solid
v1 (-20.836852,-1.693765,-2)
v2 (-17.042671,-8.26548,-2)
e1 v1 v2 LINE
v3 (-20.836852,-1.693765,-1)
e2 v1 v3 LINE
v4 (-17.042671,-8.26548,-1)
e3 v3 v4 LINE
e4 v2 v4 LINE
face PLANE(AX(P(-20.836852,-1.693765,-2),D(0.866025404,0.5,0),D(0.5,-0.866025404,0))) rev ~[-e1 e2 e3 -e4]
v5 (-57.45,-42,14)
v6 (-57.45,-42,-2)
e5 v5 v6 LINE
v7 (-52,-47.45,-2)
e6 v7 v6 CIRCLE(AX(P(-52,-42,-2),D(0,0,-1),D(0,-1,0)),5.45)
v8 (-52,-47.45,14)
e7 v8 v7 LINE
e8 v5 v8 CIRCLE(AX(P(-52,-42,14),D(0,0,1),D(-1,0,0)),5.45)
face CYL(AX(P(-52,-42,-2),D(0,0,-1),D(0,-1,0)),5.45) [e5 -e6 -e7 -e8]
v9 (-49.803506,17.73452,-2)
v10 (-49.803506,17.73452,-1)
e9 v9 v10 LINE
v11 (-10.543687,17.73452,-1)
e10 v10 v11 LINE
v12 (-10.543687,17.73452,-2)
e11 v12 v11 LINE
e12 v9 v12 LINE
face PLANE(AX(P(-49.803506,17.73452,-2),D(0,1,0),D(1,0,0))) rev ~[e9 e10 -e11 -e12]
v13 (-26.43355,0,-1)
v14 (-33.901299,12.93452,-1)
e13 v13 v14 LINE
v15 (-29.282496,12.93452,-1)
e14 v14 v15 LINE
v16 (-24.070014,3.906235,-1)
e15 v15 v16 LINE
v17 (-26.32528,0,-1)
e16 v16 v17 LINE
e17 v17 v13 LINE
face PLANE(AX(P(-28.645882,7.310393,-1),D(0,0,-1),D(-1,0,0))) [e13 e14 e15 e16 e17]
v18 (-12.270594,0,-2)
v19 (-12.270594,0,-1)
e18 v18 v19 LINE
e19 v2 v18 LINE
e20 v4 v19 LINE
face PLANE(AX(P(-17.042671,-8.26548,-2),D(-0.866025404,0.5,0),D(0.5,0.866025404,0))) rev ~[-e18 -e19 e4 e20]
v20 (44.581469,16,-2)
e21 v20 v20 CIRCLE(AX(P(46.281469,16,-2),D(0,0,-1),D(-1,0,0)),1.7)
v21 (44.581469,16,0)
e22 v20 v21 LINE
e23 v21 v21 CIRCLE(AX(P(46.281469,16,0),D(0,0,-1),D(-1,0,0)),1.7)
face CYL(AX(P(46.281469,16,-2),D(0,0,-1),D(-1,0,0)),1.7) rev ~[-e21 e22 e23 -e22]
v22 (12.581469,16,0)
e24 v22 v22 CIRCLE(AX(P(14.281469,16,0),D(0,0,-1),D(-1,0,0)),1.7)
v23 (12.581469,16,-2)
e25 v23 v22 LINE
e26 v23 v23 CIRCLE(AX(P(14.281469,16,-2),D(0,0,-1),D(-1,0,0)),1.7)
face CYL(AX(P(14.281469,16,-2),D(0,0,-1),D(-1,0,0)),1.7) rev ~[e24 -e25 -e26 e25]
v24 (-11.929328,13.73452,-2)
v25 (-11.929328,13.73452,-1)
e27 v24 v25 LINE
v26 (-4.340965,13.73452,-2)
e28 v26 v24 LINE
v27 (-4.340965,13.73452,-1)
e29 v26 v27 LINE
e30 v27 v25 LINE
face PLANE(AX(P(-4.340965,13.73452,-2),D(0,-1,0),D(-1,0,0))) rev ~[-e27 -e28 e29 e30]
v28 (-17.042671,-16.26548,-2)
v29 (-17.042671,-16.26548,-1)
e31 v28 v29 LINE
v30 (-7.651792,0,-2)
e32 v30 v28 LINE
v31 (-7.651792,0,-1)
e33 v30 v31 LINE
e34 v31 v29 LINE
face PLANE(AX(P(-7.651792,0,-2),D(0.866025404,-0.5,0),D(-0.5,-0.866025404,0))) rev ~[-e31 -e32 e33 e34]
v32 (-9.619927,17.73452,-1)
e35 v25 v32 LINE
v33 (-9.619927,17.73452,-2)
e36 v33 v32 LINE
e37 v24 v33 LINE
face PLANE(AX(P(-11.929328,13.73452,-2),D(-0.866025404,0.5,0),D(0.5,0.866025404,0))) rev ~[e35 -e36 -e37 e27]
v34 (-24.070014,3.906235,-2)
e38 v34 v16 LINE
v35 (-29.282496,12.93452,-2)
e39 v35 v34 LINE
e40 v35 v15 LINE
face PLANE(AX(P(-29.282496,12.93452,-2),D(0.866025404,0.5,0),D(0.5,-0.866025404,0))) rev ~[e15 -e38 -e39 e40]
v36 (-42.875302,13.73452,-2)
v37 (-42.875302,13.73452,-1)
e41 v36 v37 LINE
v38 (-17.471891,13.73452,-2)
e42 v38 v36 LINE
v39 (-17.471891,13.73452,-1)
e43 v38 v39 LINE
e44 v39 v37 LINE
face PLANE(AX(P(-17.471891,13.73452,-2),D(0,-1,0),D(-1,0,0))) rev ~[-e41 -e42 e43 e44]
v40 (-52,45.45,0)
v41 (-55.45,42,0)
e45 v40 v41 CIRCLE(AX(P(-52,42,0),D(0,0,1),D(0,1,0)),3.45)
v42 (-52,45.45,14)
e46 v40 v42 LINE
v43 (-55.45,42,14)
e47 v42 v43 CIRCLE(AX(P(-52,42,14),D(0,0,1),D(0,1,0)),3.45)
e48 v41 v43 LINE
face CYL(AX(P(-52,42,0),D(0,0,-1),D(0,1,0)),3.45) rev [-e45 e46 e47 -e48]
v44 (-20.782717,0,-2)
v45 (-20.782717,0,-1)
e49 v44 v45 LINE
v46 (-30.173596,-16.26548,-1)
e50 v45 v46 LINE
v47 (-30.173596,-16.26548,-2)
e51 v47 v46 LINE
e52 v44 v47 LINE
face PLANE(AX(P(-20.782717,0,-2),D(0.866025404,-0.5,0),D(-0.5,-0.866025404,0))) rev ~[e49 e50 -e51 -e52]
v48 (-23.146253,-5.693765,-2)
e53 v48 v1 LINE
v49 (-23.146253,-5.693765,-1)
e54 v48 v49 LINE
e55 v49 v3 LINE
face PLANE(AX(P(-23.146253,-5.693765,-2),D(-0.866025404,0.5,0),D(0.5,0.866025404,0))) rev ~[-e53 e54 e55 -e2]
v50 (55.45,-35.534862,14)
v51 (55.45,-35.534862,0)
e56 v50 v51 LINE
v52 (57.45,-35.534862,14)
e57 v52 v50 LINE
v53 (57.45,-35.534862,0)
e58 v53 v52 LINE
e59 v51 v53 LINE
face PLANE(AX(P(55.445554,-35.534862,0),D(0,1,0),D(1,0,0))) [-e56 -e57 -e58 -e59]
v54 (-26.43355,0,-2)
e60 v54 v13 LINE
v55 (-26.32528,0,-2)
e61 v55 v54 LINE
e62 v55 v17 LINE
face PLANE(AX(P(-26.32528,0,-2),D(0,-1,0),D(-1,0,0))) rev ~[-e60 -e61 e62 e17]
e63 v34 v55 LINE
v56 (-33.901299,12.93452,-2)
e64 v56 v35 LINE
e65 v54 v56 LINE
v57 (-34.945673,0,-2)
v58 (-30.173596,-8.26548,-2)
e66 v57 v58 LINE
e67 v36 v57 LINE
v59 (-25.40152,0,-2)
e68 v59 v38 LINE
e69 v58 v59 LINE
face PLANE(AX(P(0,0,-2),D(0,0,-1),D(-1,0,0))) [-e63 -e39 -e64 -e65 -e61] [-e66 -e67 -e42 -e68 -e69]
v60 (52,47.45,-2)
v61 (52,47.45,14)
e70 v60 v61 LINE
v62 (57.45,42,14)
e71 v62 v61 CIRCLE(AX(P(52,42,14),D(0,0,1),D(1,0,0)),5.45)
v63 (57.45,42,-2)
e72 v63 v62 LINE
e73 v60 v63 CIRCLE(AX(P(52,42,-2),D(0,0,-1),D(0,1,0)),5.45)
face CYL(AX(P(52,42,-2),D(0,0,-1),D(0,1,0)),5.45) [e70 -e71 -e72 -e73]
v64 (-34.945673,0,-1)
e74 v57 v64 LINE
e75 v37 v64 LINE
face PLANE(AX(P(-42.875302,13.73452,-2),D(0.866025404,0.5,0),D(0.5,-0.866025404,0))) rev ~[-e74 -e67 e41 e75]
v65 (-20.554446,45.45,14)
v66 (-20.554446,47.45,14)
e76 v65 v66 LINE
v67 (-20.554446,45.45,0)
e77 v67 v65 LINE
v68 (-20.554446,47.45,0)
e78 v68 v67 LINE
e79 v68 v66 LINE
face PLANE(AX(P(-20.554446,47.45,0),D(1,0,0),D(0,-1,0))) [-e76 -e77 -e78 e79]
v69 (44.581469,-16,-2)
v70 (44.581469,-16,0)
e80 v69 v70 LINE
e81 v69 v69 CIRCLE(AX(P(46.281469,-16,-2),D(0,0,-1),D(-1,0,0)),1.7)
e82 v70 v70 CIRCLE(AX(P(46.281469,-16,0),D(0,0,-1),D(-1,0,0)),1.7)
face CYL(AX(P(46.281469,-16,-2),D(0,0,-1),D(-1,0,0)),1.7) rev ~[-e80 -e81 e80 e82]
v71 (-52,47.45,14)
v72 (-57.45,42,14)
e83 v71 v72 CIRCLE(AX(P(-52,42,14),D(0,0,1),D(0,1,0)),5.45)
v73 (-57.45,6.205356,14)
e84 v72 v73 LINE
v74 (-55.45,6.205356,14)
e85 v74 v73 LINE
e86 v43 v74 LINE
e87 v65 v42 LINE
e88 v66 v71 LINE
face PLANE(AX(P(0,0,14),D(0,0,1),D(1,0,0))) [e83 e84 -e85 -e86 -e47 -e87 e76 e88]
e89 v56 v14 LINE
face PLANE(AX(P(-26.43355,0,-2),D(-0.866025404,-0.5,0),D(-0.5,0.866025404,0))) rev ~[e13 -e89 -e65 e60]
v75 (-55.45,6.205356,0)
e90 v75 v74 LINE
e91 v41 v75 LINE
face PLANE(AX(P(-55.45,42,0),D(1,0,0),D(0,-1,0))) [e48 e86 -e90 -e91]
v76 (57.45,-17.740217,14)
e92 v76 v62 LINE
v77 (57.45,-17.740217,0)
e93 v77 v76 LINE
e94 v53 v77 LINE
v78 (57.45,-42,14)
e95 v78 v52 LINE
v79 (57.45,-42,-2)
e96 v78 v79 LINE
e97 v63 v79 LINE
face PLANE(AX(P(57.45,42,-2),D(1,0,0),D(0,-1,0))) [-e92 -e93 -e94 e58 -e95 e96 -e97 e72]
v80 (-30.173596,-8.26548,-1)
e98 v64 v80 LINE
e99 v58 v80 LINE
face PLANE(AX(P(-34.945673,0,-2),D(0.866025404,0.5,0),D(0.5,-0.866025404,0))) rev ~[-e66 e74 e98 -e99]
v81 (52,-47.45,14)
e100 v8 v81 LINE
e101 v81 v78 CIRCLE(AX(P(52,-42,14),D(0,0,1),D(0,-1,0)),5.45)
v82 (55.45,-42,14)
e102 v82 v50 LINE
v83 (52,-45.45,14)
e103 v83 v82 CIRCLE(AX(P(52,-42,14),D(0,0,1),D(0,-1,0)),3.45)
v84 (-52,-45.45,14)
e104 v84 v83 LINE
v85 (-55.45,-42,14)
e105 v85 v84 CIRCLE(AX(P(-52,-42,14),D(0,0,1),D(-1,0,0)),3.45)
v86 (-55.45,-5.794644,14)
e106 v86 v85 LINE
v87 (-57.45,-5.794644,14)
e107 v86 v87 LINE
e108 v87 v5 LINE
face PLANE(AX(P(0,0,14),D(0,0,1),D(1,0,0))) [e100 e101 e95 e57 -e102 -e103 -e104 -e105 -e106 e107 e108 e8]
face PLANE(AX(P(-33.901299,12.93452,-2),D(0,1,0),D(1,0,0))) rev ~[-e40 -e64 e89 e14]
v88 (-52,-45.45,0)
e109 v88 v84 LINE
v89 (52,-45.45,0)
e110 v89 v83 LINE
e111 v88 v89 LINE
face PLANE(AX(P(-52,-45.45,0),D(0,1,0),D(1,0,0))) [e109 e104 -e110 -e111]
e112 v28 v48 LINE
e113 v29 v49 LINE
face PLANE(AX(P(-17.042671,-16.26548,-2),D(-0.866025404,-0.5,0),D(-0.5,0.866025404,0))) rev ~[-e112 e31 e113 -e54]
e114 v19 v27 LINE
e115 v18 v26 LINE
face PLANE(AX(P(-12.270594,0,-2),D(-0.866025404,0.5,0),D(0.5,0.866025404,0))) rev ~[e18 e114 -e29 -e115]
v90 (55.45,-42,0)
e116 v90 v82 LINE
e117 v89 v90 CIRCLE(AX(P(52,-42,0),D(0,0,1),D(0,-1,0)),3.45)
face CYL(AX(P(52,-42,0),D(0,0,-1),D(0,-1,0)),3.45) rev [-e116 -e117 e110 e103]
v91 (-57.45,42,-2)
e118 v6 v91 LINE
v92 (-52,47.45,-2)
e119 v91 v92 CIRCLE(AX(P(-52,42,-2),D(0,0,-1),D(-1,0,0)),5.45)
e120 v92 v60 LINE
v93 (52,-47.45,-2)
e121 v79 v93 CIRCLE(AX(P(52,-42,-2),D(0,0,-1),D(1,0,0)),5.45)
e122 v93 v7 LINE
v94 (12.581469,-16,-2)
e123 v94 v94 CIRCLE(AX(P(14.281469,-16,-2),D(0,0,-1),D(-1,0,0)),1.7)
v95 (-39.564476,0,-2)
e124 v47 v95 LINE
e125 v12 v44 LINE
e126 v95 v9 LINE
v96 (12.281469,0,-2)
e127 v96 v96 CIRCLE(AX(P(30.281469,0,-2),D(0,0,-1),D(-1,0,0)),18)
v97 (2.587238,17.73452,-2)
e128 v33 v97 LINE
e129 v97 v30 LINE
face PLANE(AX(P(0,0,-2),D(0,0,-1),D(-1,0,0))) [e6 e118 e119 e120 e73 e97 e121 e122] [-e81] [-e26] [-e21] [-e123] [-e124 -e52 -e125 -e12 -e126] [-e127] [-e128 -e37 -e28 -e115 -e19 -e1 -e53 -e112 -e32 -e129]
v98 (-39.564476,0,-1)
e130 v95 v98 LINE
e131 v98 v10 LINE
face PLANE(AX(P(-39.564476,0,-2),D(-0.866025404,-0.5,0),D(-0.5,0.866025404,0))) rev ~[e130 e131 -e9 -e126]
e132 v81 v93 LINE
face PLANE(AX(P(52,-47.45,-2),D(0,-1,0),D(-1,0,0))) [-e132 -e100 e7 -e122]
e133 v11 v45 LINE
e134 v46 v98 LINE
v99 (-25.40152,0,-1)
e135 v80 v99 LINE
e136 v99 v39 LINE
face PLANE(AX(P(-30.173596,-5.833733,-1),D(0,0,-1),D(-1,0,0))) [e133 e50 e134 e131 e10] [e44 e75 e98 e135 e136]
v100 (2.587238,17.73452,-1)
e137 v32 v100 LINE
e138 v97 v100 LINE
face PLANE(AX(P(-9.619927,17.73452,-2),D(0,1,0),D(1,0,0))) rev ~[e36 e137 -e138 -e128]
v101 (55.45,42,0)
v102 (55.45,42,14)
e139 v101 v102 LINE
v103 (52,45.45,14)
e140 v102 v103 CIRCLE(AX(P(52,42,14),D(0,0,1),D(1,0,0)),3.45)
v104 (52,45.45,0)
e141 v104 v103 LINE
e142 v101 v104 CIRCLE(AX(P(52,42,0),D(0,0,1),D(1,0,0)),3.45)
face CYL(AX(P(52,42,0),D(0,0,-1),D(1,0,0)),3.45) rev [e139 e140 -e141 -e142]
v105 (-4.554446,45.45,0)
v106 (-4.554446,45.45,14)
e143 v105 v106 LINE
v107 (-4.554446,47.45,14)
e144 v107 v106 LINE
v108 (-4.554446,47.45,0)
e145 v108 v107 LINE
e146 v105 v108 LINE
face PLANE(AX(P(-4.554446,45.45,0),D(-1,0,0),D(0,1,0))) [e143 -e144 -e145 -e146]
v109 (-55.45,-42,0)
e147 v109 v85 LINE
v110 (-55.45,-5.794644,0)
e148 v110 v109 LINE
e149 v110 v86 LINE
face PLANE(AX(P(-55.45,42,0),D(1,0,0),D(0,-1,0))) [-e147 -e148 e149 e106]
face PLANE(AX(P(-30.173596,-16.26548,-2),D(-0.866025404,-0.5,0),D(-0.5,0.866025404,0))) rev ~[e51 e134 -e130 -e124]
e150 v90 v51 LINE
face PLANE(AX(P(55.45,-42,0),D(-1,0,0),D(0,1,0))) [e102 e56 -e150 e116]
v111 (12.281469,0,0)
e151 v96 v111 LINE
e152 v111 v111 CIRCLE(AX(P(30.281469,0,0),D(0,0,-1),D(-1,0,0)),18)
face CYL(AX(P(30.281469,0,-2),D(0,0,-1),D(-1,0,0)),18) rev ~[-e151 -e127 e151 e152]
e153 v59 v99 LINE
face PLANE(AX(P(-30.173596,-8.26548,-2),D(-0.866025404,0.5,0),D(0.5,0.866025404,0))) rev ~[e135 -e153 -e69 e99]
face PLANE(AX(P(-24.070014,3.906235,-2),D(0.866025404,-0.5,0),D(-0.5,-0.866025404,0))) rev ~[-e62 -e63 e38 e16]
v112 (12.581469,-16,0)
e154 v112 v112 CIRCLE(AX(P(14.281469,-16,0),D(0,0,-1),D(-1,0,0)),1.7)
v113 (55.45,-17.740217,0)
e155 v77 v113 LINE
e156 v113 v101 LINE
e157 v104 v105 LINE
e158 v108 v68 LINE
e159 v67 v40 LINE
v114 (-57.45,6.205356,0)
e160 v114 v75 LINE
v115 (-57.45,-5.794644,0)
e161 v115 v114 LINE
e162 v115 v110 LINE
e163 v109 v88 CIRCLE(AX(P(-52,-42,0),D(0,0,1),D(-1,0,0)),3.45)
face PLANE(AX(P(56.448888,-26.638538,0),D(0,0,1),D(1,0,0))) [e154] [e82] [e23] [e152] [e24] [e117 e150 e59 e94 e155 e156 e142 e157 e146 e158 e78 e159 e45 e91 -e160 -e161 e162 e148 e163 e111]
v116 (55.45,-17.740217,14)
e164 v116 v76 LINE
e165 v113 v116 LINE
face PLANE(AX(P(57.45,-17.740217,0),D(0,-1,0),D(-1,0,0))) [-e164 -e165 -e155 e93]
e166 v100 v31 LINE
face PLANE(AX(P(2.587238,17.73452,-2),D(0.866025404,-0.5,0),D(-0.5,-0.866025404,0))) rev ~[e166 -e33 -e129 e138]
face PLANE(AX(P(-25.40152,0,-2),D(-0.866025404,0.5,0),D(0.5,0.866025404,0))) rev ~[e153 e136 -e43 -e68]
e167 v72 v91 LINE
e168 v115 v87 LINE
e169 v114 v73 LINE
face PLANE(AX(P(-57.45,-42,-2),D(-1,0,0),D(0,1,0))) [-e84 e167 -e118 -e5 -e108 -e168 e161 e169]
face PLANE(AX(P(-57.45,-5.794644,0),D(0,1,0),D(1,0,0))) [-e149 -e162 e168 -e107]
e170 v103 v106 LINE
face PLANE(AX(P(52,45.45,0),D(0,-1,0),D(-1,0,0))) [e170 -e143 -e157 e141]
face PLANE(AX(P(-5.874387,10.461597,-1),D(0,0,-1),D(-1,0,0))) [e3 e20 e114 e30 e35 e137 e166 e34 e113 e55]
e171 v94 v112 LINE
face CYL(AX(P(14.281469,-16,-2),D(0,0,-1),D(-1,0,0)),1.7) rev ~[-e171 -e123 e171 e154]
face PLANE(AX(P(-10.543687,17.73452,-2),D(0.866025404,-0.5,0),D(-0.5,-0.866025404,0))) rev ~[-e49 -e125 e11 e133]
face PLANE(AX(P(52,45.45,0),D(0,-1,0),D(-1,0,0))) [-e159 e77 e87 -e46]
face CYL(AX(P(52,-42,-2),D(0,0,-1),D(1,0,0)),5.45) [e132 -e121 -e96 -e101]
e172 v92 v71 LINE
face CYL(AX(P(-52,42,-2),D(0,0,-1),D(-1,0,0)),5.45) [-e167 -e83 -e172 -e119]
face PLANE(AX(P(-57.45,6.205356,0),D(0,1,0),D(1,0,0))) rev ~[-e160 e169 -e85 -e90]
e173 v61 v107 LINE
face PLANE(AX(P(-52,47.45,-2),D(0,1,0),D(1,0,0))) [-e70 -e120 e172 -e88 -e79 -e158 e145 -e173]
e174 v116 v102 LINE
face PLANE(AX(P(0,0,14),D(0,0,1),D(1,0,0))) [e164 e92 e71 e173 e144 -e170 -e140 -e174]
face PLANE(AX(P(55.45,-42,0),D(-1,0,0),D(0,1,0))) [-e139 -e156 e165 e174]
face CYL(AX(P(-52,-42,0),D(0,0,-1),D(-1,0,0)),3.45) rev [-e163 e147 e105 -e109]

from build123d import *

# Parameters (mm, degrees)
BOSS_EXTRUDE1_DEPTH = 14
BOSS_EXTRUDE2_START = 2
BOSS_EXTRUDE2_DEPTH = 2
SKETCH4_W           = 2
SKETCH4_H           = 12
CUT_EXTRUDE1_DEPTH  = 94
SKETCH5_R           = 1.7
SKETCH5_R_2         = 18
CUT_EXTRUDE2_DEPTH  = 10
CUT_EXTRUDE3_DEPTH  = 1


with BuildPart() as part:
    # Sketch1 → Boss-Extrude1 (new body)
    with BuildSketch(Plane.XY):
        with BuildLine():
            Line((52, 47.45), (-52, 47.45))
            ThreePointArc((-52, 47.45), (-55.853731957, 45.853731957), (-57.45, 42))
            Line((-57.45, 42), (-57.45, -42))
            ThreePointArc((-57.45, -42), (-55.853731957, -45.853731957), (-52, -47.45))
            Line((-52, -47.45), (52, -47.45))
            ThreePointArc((52, -47.45), (55.853731957, -45.853731957), (57.45, -42))
            Line((57.45, -42), (57.45, 42))
            ThreePointArc((57.45, 42), (55.853731957, 45.853731957), (52, 47.45))
        make_face()
        with BuildLine():
            Line((52, 45.45), (-52, 45.45))
            ThreePointArc((-52, 45.45), (-54.439518395, 44.439518395), (-55.45, 42))
            Line((-55.45, 42), (-55.45, -42))
            ThreePointArc((-55.45, -42), (-54.439518395, -44.439518395), (-52, -45.45))
            Line((-52, -45.45), (52, -45.45))
            ThreePointArc((52, -45.45), (54.439518395, -44.439518395), (55.45, -42))
            Line((55.45, -42), (55.45, 42))
            ThreePointArc((55.45, 42), (54.439518395, 44.439518395), (52, 45.45))
        make_face(mode=Mode.SUBTRACT)
    extrude(amount=BOSS_EXTRUDE1_DEPTH)

    # Sketch2 → Boss-Extrude2 (add)
    with BuildSketch(Plane(origin=(0, 0, 0), x_dir=(-1, 0, 0), z_dir=(0, 0, -1)).offset(BOSS_EXTRUDE2_START)):
        with BuildLine():
            Line((-57.45, 42), (-57.45, -42))
            ThreePointArc((-57.45, -42), (-55.853731957, -45.853731957), (-52, -47.45))
            Line((-52, -47.45), (52, -47.45))
            ThreePointArc((52, -47.45), (55.853731957, -45.853731957), (57.45, -42))
            Line((57.45, -42), (57.45, 42))
            ThreePointArc((57.45, 42), (55.853731957, 45.853731957), (52, 47.45))
            Line((52, 47.45), (-52, 47.45))
            ThreePointArc((-52, 47.45), (-55.853731957, 45.853731957), (-57.45, 42))
        make_face()
    extrude(amount=-BOSS_EXTRUDE2_DEPTH)

    # Sketch4 → Cut-Extrude1 (cut)
    with BuildSketch(Plane.XY):
        Polygon((-4.554445608, 45.9), (-4.554445608, 47.45), (-20.554445608, 47.45), (-20.554445608, 45.45), (-4.554445608, 45.45), align=None)
        with Locations((-56.45, 0.205355748)):
            Rectangle(SKETCH4_W, SKETCH4_H)
        Polygon((55.445554392, -35.534861573), (57.45, -35.534861573), (57.45, -17.740217321), (55.45, -17.740217321), align=None)
    extrude(amount=CUT_EXTRUDE1_DEPTH, mode=Mode.SUBTRACT)

    # Sketch5 → Cut-Extrude2 (cut)
    with BuildSketch(Plane(origin=(0, 0, -2), x_dir=(-1, 0, 0), z_dir=(0, 0, -1))):
        with Locations((-14.281468852, 16)):
            Circle(SKETCH5_R)
        with Locations((-46.281468852, 16)):
            Circle(SKETCH5_R)
        with Locations((-46.281468852, -16)):
            Circle(SKETCH5_R)
        with Locations((-14.281468852, -16)):
            Circle(SKETCH5_R)
        with Locations((-30.281468852, 0)):
            Circle(SKETCH5_R_2)
    extrude(amount=-CUT_EXTRUDE2_DEPTH, mode=Mode.SUBTRACT)

    # Sketch6 → Cut-Extrude3 (cut)
    with BuildSketch(Plane(origin=(0, 0, -2), x_dir=(-1, 0, 0), z_dir=(0, 0, -1))):
        Polygon((25.401519513, 0), (20.78271736, 0), (30.173596476, -16.265479758), (39.564475593, 0), (34.945673439, 0), (30.173596476, -8.265479758), align=None)
        Polygon((24.070013842, 3.906235473), (26.325279944, 0), (26.433549893, 0), (33.901298637, 12.934520242), (29.282496484, 12.934520242), align=None)
        Polygon((-2.587238376, 17.734520242), (7.65179166, 0), (12.270593814, 0), (4.340964855, 13.734520242), (11.92932797, 13.734520242), (9.619926893, 17.734520242), align=None)
        Polygon((12.270593814, 0), (7.65179166, 0), (17.042670777, -16.265479758), (23.146253411, -5.693764527), (20.836852334, -1.693764527), (17.042670777, -8.265479758), align=None)
        Polygon((10.543687324, 17.734520242), (20.78271736, 0), (25.401519513, 0), (17.471890554, 13.734520242), (29.744376699, 13.734520242), (42.875302398, 13.734520242), (34.945673439, 0), (39.564475593, 0), (49.803505629, 17.734520242), (36.672579929, 17.734520242), align=None)
    extrude(amount=-CUT_EXTRUDE3_DEPTH, mode=Mode.SUBTRACT)


solid = part.part
